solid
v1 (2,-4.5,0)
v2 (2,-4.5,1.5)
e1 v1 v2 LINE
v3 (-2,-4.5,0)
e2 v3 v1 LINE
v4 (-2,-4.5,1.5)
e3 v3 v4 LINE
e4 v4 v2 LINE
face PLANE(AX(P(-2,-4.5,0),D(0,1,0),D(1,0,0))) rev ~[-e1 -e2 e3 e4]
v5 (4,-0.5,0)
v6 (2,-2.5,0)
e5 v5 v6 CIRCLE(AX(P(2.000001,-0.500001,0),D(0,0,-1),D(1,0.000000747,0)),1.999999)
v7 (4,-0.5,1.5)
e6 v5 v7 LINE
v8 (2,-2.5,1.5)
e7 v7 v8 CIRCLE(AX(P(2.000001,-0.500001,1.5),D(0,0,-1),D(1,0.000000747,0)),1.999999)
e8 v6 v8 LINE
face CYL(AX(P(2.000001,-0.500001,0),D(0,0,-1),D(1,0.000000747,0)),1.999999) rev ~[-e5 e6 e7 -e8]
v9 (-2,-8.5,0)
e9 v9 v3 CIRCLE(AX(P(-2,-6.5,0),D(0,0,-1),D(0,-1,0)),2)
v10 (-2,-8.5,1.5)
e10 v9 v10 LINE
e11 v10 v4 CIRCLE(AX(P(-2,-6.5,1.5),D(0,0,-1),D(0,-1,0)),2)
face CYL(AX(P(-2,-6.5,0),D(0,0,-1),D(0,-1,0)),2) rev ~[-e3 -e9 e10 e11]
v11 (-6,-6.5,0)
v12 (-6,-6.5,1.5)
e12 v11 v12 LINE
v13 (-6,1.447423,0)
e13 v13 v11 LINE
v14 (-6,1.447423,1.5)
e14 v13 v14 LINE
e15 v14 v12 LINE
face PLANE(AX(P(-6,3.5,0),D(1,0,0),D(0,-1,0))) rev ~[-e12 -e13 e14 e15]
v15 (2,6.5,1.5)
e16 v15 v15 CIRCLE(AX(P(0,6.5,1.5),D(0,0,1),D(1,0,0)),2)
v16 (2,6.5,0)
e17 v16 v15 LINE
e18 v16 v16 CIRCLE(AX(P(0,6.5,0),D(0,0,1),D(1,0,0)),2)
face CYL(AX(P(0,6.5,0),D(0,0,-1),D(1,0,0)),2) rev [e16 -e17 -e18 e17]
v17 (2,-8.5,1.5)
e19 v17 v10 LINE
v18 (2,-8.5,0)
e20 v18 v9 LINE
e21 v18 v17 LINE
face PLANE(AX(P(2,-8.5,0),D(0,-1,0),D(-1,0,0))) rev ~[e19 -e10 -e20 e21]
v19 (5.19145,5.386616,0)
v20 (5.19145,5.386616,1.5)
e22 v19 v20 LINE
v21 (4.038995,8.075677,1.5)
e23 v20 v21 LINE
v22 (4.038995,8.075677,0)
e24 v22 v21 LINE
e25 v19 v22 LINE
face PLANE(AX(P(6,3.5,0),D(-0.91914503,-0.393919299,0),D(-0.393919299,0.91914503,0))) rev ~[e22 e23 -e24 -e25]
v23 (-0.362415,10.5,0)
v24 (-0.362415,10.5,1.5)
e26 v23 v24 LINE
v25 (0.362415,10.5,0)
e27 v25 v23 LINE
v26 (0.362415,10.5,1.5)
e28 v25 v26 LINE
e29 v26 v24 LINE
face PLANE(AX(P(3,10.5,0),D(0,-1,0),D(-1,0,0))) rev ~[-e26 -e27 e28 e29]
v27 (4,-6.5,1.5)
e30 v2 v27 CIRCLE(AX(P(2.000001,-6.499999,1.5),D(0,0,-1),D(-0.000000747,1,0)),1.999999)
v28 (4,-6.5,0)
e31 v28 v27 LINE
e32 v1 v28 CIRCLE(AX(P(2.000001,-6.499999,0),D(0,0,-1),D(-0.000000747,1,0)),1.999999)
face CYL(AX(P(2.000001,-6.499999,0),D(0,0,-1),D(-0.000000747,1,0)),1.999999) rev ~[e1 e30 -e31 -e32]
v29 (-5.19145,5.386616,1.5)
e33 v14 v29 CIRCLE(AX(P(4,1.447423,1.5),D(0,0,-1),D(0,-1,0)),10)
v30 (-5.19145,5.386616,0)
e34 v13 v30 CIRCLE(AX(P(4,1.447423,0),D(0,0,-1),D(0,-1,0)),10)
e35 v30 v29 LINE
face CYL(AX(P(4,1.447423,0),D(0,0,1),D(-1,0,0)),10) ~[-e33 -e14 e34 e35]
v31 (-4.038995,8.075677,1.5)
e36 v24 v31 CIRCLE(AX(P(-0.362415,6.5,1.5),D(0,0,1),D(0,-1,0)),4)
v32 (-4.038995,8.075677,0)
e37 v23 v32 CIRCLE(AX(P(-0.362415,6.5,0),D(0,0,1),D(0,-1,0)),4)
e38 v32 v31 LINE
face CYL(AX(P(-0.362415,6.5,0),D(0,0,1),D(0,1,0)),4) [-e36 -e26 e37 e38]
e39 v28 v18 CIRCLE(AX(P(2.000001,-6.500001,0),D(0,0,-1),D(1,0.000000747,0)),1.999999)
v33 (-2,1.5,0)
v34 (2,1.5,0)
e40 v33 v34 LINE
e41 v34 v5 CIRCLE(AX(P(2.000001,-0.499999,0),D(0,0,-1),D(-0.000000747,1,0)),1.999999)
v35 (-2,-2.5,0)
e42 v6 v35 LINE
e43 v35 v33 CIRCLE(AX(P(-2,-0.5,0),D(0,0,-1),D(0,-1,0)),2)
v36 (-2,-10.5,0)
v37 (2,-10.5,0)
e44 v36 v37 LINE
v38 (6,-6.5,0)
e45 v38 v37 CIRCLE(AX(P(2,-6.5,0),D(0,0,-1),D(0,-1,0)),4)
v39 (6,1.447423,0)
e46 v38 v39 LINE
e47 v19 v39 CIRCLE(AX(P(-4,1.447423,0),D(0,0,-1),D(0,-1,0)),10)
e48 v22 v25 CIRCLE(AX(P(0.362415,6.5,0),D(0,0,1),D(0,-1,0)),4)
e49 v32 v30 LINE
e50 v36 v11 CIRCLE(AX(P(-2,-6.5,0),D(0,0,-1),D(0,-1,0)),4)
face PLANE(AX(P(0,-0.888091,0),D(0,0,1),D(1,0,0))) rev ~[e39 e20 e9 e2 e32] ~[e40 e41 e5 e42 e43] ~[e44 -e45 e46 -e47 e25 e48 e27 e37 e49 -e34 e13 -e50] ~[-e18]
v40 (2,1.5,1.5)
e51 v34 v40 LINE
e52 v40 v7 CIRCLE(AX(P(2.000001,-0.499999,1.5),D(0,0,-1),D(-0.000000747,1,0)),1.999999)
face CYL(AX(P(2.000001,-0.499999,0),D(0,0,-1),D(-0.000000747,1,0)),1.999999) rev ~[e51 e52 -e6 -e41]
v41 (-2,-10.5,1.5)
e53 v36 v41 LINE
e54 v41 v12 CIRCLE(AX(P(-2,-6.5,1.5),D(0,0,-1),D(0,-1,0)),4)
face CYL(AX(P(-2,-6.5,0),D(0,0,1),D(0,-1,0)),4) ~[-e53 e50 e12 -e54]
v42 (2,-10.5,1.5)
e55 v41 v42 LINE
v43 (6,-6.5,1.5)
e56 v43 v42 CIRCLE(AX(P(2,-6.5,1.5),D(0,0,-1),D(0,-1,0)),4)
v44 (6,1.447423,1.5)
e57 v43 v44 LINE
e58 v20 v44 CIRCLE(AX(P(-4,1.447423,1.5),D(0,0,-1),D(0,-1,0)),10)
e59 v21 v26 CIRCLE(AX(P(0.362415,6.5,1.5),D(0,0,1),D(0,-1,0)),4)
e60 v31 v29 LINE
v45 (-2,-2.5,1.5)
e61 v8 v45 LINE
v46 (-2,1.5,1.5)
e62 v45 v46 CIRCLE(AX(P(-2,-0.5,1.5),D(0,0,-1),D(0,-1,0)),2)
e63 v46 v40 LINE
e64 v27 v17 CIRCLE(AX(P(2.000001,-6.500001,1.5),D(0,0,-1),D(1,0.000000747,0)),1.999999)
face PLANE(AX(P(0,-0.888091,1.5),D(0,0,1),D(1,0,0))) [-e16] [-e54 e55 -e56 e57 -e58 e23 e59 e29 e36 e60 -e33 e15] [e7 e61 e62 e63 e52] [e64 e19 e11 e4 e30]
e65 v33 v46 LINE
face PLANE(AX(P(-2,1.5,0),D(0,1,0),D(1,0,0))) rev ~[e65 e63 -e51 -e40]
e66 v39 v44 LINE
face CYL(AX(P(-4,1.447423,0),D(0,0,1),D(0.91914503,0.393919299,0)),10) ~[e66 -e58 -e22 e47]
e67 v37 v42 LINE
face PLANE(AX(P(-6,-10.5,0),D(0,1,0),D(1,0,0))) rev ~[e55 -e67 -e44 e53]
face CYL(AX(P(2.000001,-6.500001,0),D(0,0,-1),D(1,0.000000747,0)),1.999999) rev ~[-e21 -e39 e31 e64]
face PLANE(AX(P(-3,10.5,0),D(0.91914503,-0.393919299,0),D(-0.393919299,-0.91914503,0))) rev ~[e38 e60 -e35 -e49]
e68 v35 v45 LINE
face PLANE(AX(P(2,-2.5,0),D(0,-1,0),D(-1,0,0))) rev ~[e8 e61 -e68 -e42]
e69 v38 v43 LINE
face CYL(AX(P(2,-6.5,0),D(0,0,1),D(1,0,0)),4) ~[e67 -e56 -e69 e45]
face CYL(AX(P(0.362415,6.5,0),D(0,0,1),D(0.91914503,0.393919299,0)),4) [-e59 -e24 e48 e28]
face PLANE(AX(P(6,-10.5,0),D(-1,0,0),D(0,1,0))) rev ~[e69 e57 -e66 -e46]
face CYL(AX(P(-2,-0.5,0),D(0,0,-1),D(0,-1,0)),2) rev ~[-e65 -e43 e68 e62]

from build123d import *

# Parameters (mm, degrees)
F0_R     = 2
F1_DEPTH = 1.5
F2_R     = 4
F3_R     = 10
F4_R     = 4


with BuildPart() as f1:
    # F0 (on Top) → F1 (new body)
    with BuildSketch(Plane.XY):
        Polygon((6, 3.5), (3, 10.5), (-3, 10.5), (-6, 3.5), (-6, -10.5), (6, -10.5), align=None)
        with BuildLine():
            ThreePointArc((-2, -8.5), (-4, -6.5), (-2, -4.5))
            Line((-2, -4.5), (2, -4.5))
            ThreePointArc((2, -4.5), (3.414214, -5.085786), (4, -6.5))
            ThreePointArc((4, -6.5), (3.414214, -7.914214), (2, -8.5))
            Line((2, -8.5), (-2, -8.5))
        make_face(mode=Mode.SUBTRACT)
        with BuildLine():
            ThreePointArc((-2, -2.5), (-4, -0.5), (-2, 1.5))
            Line((-2, 1.5), (2, 1.5))
            ThreePointArc((2, 1.5), (3.414214, 0.914214), (4, -0.5))
            ThreePointArc((4, -0.5), (3.414214, -1.914214), (2, -2.5))
            Line((2, -2.5), (-2, -2.5))
        make_face(mode=Mode.SUBTRACT)
        with Locations((0, 6.5)):
            Circle(F0_R, mode=Mode.SUBTRACT)
    extrude(amount=F1_DEPTH)

    # F2
    f2_edges = [f1.edges().sort_by_distance(p)[0] for p in [
        (3, 10.5, 0.75),
        (-3, 10.5, 0.75),
    ]]
    fillet(f2_edges, radius=F2_R)

    # F3
    f3_edges = [f1.edges().sort_by_distance(p)[0] for p in [
        (-6, 3.5, 0.75),
        (6, 3.5, 0.75),
    ]]
    fillet(f3_edges, radius=F3_R)

    # F4
    f4_edges = [f1.edges().sort_by_distance(p)[0] for p in [
        (-6, -10.5, 0.75),
        (6, -10.5, 0.75),
    ]]
    fillet(f4_edges, radius=F4_R)


solid = f1.part
